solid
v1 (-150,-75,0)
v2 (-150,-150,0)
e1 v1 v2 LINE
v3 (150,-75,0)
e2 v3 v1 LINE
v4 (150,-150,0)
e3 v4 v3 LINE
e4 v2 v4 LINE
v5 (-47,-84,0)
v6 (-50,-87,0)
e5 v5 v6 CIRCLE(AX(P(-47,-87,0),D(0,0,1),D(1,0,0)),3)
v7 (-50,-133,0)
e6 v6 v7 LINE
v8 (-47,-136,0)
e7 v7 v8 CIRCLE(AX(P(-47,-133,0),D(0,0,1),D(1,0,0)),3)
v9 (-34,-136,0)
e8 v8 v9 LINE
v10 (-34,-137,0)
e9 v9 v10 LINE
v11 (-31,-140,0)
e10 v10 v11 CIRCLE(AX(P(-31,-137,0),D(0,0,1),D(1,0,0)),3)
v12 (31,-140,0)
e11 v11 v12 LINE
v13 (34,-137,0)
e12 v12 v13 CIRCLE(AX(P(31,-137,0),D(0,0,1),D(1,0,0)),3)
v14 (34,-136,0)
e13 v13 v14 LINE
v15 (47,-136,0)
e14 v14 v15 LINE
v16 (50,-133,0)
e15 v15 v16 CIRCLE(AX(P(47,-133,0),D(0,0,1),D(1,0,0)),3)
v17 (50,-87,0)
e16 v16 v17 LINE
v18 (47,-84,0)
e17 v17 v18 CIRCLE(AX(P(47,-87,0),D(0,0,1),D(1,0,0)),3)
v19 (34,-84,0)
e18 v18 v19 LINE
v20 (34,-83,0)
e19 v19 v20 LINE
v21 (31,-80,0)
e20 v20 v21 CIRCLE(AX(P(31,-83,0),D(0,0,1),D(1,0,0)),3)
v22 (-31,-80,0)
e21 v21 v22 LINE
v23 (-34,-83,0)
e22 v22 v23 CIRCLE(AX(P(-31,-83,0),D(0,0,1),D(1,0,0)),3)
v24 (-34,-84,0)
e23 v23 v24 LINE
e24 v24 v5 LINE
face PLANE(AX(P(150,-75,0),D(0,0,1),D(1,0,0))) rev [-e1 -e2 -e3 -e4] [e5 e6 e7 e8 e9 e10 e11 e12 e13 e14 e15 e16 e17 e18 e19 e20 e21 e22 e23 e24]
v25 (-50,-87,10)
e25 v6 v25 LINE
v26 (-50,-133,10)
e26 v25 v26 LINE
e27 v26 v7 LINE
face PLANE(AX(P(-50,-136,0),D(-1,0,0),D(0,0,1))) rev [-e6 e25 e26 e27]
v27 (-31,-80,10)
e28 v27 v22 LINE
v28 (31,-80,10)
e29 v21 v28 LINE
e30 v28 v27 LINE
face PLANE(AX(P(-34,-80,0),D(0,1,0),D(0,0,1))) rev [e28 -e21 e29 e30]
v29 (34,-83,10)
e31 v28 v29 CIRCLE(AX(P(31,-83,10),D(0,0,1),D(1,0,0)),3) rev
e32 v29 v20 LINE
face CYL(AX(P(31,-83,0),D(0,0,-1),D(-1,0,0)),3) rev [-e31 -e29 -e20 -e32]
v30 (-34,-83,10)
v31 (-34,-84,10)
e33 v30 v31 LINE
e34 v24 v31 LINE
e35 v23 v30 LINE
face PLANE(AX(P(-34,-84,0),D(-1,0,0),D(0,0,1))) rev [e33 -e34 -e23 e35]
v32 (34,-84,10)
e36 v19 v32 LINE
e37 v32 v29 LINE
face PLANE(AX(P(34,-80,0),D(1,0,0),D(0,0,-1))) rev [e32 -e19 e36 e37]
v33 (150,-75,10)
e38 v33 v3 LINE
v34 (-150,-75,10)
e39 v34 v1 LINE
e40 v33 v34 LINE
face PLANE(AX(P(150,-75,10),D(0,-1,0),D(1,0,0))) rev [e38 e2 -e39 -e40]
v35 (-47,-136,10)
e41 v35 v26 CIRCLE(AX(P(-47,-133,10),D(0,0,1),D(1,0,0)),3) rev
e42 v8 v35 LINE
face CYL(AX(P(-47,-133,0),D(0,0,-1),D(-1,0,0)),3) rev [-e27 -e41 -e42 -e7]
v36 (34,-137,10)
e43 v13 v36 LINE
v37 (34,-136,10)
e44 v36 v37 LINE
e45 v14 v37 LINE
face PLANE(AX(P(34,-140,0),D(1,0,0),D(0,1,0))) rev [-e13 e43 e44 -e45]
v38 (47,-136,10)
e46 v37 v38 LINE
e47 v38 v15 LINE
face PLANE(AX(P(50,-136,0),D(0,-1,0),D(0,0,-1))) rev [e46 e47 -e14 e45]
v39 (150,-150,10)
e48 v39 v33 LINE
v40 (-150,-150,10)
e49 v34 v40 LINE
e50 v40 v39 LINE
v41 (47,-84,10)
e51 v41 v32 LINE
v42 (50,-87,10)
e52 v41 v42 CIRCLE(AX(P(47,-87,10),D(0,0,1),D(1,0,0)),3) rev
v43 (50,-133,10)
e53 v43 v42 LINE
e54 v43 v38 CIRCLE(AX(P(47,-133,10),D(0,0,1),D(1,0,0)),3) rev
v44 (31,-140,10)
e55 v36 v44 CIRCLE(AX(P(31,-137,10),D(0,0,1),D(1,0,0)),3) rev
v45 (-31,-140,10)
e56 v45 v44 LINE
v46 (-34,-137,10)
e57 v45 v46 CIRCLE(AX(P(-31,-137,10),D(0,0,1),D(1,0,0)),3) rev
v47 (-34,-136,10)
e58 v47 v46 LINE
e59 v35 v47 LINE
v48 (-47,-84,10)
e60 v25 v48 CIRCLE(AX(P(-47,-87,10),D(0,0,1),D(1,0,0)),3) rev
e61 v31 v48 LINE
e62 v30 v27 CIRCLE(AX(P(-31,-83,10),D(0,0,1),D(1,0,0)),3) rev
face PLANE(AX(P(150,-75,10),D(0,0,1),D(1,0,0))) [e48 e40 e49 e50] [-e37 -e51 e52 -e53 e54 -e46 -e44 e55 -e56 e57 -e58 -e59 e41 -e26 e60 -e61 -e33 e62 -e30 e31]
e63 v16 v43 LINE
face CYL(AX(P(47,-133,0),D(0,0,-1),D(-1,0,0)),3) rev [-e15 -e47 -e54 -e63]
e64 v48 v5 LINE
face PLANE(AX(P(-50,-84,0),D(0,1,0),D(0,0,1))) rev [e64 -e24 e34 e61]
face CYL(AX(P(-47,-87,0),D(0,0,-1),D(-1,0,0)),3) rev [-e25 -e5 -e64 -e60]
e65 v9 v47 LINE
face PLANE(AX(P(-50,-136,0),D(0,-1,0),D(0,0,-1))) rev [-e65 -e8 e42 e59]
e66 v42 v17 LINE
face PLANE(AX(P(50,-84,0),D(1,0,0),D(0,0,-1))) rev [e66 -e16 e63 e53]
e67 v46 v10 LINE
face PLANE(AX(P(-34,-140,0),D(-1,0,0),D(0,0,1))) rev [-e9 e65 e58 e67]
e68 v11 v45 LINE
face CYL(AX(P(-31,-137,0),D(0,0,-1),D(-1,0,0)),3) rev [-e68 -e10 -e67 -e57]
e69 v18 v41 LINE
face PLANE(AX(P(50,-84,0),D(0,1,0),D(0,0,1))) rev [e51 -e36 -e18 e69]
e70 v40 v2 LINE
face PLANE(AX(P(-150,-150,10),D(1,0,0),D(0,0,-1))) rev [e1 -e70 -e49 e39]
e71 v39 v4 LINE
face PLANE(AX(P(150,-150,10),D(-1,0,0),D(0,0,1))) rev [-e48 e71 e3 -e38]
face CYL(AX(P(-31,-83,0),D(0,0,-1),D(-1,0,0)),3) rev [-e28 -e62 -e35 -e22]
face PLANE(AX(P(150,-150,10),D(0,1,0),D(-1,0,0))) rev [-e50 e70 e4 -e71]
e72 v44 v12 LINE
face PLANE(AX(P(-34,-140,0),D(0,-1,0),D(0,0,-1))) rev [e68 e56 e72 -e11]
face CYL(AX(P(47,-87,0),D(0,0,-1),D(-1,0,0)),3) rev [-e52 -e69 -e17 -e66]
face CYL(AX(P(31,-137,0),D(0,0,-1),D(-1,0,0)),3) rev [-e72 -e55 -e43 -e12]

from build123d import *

# Parameters (mm, degrees)
SKIZZE1_W                       = 300
SKIZZE1_H                       = 75
LINEAR_AUSTRAGEN1_DEPTH         = 10
SCHNITT_LINEAR_AUSTRAGEN1_DEPTH = 10
VERRUNDUNG1_R                   = 3


with BuildPart() as part:
    # Skizze1 → Linear austragen1 (new body)
    with BuildSketch(Plane.XY):
        with Locations((0, -112.5)):
            Rectangle(SKIZZE1_W, SKIZZE1_H)
    extrude(amount=LINEAR_AUSTRAGEN1_DEPTH)

    # Skizze2 → Schnitt-Linear austragen1 (cut)
    with BuildSketch(Plane.XY.offset(10)):
        Polygon((-34, -140), (34, -140), (34, -136), (50, -136), (50, -84), (34, -84), (34, -80), (-34, -80), (-34, -84), (-50, -84), (-50, -136), (-34, -136), align=None)
    extrude(amount=-SCHNITT_LINEAR_AUSTRAGEN1_DEPTH, mode=Mode.SUBTRACT)

    # Verrundung1
    verrundung1_edges = [part.edges().sort_by_distance(p)[0] for p in [
        (-34, -140, 5),
        (-50, -136, 5),
        (-50, -84, 5),
        (-34, -80, 5),
        (34, -80, 5),
        (50, -84, 5),
        (50, -136, 5),
        (34, -140, 5),
    ]]
    fillet(verrundung1_edges, radius=VERRUNDUNG1_R)


solid = part.part
